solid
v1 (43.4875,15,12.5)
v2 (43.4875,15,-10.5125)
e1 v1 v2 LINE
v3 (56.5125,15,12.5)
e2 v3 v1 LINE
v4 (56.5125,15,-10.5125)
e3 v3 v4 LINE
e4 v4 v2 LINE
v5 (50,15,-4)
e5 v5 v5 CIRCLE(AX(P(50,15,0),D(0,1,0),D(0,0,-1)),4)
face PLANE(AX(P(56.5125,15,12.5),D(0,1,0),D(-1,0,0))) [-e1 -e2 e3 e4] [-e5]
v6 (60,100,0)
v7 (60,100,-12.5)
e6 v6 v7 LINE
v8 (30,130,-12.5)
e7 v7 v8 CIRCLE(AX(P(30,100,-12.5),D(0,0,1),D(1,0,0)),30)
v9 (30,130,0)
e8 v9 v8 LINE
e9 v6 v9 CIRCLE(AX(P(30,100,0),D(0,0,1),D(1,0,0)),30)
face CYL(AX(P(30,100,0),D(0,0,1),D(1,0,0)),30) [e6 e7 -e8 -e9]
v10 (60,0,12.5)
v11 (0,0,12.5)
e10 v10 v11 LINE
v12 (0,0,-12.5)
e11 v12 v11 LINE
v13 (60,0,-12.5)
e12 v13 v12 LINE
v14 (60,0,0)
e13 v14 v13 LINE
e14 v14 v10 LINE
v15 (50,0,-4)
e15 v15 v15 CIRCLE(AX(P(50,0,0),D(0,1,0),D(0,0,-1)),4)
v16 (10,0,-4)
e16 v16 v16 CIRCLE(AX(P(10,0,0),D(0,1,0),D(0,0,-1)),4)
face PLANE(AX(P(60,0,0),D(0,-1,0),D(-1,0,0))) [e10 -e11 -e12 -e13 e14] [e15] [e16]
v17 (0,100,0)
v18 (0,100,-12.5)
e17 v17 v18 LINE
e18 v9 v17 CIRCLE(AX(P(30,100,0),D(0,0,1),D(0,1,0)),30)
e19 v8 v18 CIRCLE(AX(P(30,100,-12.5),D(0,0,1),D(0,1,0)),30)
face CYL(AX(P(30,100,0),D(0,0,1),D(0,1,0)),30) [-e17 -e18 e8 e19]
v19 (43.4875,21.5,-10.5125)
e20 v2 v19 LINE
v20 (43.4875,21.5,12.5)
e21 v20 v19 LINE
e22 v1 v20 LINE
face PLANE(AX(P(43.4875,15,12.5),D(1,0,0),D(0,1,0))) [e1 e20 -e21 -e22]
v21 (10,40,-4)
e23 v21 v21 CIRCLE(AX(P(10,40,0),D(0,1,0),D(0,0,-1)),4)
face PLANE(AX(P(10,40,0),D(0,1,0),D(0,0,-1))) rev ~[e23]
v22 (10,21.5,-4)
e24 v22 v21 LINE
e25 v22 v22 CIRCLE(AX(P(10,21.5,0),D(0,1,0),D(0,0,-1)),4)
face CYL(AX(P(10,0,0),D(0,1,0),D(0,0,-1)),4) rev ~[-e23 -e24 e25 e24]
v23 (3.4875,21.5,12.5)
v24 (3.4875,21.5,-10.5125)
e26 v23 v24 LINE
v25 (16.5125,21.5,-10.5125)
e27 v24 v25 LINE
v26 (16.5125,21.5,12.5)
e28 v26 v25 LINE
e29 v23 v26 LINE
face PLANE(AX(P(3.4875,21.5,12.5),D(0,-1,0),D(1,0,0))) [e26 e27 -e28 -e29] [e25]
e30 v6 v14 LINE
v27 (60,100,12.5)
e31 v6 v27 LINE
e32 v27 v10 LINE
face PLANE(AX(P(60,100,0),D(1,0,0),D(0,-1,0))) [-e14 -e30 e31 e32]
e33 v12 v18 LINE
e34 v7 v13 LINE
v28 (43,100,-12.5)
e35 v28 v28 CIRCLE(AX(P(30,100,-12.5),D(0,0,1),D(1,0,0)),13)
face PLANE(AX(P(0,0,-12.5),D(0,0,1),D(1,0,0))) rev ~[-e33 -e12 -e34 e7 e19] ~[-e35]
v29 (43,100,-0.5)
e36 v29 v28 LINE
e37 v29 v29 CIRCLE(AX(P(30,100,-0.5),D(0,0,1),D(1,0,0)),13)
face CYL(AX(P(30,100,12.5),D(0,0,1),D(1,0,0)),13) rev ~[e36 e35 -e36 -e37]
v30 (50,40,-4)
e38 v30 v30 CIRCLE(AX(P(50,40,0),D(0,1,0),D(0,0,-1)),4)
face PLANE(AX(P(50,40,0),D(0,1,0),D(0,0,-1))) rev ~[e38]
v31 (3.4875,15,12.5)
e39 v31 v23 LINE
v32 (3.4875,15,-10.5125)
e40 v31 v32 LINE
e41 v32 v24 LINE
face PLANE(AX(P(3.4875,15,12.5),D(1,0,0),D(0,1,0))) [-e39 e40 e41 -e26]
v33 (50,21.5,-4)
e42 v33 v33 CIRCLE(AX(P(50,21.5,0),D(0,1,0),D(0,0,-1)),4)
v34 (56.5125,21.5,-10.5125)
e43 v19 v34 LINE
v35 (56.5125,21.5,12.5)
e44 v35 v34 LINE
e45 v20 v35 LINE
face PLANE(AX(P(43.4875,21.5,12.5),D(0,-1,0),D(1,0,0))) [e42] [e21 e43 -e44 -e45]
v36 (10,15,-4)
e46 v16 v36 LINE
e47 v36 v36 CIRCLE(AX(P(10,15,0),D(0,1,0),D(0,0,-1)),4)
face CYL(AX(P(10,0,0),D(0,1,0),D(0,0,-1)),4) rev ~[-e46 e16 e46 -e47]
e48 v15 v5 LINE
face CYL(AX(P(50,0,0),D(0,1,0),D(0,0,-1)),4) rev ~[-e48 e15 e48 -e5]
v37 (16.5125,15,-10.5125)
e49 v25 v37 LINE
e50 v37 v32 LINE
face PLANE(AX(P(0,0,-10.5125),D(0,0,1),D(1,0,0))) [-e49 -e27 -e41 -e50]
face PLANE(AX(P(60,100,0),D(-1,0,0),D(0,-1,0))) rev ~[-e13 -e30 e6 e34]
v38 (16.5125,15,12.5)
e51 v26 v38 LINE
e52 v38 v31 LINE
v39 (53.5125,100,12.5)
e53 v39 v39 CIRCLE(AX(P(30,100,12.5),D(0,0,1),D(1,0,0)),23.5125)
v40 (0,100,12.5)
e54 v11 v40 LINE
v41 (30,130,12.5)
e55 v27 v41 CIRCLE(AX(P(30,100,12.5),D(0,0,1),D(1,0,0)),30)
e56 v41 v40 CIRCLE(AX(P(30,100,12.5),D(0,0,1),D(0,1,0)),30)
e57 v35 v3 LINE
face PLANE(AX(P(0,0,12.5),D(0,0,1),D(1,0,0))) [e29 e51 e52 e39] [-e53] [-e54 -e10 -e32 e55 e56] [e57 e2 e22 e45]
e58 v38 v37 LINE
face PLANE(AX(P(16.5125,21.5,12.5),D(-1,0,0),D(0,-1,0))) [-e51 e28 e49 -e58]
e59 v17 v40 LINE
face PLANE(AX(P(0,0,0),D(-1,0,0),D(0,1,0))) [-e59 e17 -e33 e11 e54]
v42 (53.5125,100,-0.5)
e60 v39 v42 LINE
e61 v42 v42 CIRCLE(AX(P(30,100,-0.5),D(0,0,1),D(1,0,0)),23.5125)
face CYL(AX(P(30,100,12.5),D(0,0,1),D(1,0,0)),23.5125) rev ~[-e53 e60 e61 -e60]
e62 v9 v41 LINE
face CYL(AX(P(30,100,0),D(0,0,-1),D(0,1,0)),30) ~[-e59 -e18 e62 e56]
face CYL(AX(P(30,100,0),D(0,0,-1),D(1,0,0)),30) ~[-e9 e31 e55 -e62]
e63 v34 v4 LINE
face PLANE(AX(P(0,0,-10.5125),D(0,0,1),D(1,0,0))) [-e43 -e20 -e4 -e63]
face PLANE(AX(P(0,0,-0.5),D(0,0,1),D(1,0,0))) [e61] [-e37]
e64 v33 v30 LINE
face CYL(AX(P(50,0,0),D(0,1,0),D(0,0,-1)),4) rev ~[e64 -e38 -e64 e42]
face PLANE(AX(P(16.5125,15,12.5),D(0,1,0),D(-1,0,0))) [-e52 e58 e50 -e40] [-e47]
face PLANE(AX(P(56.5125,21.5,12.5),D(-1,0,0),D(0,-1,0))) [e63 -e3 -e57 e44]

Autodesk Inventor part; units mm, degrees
ref_plane "YZ Plane" through (0, 0, 0) normal (1, 0, 0) x (0, 1, 0)
ref_plane "XZ Plane" through (0, 0, 0) normal (0, 1, 0) x (-1, 0, 0)
ref_plane "XY Plane" through (0, 0, 0) normal (0, 0, 1) x (1, 0, 0)
sketch "Boceto1" plane through (0, 0, 0) normal (0, 0, 1) x (1, 0, 0)
  point P0 (0, 0)
sketch "Boceto2" plane through (0, 0, 0) normal (0, 0, 1) x (1, 0, 0)
  line L0 (0, 0) -> (0, 100)
  line L1 (30, 130) -> (30, 130)
  line L2 (60, 100) -> (60, 0)
  line L3 (60, 0) -> (0, 0)
  arc A0 (30, 130) -> (0, 100) centre (30, 100) ccw
  arc A1 (60, 100) -> (30, 130) centre (30, 100) ccw
  point P0 (0, 130)
  point P1 (60, 130)
  dimension "d1" = 30
  dimension "d2" = 100
  dimension "d3" = 60
extrude "Extrusión1" add sketch "Boceto2" along normal mid plane 25
sketch "Boceto9" plane through (0, 0, 12.5) normal (0, -1, 0) x (1, 0, 0)
  circle A0 centre (50, -12.5) radius 4
  line L0 (60, -25) -> (0, -25) projected
  circle A1 centre (10, -12.5) radius 4
  line L1 (0, -12.5) -> (60, -12.5) construction
  line L2 (60, 0) -> (60, -25) construction
  line L3 (0, -25) -> (0, 0) construction
  dimension "d52" = 8
  dimension "d88" = 10
  dimension "d89" = 10
  dimension "d90" = 8
hole "Agujero4" at (10, 0, 0) at (50, 0, 0) direction (0, 1, 0) diameter 8 depth 40
thread "Rosca3" size "M8x1.25" class "6H" standard "ANSI Metric M Profile" full length
thread "Rosca4" size "M8x1.25" class "6H" standard "ANSI Metric M Profile" full length
sketch "Boceto10" plane through (0, 0, 12.5) normal (0, 0, 1) x (1, 0, 0)
  circle A0 centre (30, 100) radius 13
  circle A1 centre (30, 100) radius 23.5125
  line L0 (60, 0) -> (60, 100) projected
  line L1 (0, 100) -> (0, 0) projected
  line L2 (40, 144.843) -> (20, 144.843) projected
  dimension "d64" = 26
  dimension "d65" = 30
  dimension "d68" = 47.025
  dimension "d91" = 100
extrude "Extrusión5" cut sketch "Boceto10" against normal through all contours A0
extrude "Extrusión6" cut sketch "Boceto10" against normal blind 13
sketch "Boceto12" plane through (0, 0, 12.5) normal (0, 0, 1) x (1, 0, 0)
  line L0 (6, 40) -> (14, 40) construction
  line L1 (10, 40) -> (10, 0) construction
  line L2 (46, 40) -> (54, 40) construction
  line L3 (50, 40) -> (50, 0) construction
  line L4 (0, 0) -> (60, 0) construction
  line L5 (3.4875, 21.5) -> (16.5125, 21.5)
  line L6 (16.5125, 21.5) -> (16.5125, 15)
  line L7 (16.5125, 15) -> (3.4875, 15)
  line L8 (3.4875, 15) -> (3.4875, 21.5)
  line L9 (43.4875, 21.5) -> (56.5125, 21.5)
  line L10 (43.4875, 15) -> (43.4875, 21.5)
  line L11 (56.5125, 15) -> (43.4875, 15)
  line L12 (56.5125, 21.5) -> (56.5125, 15)
  dimension "d92" = 13.025
  dimension "d93" = 6.5125
  dimension "d94" = 15
  dimension "d95" = 6.5
  dimension "d98" = 40
extrude "Extrusión7" cut sketch "Boceto12" against normal blind 23.0125
properties part number "soporte_riel" material "Nilón 6/6"
